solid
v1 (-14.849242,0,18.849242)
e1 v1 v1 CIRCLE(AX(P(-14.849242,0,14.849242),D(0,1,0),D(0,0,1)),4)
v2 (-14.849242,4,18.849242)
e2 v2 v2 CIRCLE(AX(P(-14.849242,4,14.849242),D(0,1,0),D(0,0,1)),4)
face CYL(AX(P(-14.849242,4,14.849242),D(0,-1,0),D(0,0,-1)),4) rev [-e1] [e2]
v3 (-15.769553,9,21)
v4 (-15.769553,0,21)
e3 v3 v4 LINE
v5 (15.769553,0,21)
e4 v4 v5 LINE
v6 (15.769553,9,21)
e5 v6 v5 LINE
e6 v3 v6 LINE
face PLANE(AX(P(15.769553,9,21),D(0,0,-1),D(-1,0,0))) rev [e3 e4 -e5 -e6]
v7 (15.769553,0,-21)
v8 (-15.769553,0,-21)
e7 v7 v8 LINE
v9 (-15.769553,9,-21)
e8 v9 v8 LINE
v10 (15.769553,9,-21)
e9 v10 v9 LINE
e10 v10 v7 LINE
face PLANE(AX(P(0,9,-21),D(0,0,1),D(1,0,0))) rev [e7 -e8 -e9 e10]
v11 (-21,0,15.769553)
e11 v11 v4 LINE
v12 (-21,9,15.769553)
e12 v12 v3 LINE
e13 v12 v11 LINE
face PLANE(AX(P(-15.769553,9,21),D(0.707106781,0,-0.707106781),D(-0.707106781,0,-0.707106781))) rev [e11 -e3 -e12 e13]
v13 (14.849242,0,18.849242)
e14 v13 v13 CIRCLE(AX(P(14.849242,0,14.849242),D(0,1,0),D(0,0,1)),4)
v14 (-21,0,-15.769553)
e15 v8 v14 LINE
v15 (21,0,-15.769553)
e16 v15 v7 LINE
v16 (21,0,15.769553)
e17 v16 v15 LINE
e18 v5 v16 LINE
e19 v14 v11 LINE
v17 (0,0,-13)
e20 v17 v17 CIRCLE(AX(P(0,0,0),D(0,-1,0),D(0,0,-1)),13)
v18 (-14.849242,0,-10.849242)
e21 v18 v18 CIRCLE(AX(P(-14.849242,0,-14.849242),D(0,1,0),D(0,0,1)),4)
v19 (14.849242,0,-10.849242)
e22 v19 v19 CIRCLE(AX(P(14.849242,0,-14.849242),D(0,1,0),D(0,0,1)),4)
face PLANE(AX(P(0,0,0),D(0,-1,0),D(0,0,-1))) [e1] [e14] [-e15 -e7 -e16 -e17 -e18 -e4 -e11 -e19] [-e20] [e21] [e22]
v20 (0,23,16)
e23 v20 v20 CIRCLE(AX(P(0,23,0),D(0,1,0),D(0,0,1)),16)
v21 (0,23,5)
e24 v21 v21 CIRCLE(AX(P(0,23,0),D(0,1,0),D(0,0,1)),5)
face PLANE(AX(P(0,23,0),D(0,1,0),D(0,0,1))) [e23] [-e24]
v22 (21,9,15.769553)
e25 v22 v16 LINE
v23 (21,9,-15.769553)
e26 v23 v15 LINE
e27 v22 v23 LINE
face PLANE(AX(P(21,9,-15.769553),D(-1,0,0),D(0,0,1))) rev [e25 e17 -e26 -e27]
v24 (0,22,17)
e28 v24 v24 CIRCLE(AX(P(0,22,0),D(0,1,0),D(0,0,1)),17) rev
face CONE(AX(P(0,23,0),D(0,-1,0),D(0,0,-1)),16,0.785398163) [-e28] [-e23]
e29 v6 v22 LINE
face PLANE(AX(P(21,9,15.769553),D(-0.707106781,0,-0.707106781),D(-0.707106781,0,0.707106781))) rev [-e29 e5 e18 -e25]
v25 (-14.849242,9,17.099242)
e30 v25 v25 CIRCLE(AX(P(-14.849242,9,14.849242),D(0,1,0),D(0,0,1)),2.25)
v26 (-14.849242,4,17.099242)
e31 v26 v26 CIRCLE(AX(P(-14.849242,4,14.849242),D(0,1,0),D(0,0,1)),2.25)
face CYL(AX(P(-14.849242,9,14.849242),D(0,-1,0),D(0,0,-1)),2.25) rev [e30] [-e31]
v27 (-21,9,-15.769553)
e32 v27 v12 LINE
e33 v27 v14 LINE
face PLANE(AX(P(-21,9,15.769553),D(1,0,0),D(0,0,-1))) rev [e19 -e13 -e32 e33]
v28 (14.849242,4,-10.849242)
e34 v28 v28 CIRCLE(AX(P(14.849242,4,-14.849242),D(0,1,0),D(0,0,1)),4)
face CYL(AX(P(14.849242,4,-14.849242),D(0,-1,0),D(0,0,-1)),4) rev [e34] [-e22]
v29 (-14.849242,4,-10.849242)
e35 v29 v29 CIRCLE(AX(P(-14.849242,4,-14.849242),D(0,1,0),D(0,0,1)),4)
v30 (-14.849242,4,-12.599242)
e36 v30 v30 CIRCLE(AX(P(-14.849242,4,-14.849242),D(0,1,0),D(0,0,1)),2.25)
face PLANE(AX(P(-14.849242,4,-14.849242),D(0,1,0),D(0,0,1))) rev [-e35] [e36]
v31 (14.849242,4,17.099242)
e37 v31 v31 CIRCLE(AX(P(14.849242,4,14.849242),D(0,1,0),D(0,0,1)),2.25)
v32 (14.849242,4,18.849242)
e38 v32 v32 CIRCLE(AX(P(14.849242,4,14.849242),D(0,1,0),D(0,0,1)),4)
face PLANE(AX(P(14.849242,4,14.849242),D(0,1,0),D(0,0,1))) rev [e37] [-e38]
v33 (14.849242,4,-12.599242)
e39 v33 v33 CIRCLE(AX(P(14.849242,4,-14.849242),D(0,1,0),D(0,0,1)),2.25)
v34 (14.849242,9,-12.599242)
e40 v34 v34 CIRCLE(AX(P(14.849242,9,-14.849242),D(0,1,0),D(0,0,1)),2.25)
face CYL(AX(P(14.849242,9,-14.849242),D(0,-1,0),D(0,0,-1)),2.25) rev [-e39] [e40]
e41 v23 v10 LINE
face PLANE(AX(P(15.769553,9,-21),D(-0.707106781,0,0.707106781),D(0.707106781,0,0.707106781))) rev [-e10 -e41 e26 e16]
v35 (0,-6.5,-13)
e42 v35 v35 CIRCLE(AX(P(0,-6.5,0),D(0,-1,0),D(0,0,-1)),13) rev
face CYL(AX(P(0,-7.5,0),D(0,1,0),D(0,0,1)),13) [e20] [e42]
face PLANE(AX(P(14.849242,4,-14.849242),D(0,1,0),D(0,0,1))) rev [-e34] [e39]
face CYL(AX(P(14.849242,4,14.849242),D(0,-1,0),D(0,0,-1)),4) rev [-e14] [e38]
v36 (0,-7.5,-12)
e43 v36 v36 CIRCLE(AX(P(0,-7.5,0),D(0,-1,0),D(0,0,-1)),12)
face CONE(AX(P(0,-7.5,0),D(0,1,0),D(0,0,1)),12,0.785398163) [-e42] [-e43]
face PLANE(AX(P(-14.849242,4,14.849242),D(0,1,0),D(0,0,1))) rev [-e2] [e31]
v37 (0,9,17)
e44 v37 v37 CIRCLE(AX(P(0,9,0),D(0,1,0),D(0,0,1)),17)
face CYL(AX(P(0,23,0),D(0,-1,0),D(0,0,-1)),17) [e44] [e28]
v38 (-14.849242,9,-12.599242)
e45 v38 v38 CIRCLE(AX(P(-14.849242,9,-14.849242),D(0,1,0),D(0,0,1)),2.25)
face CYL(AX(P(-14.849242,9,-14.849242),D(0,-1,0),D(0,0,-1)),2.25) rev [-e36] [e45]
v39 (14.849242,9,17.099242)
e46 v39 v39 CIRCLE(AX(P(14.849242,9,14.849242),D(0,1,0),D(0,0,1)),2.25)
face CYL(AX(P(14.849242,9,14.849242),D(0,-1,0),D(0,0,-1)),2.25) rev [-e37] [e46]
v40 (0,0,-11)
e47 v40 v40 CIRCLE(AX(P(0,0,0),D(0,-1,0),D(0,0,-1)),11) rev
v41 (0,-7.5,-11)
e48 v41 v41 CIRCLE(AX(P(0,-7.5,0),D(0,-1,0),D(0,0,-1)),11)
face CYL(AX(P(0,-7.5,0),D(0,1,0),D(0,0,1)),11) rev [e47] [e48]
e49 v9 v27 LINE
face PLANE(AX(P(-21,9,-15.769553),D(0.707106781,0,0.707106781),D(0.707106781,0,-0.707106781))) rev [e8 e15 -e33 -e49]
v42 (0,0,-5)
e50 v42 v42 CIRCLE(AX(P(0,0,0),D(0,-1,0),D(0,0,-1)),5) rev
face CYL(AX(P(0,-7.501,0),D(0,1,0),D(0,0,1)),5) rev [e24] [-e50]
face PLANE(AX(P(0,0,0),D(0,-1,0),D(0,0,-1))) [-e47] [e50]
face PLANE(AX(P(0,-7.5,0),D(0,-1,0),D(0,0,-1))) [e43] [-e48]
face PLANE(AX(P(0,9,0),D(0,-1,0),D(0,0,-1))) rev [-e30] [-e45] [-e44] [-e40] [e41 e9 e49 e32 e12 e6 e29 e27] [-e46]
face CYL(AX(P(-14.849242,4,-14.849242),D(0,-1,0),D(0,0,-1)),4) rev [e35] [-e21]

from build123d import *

# Parameters (mm, degrees)
SKETCH_1_R          = 2.25
EXTRUDE_1_DEPTH     = 9
SKETCH_2_R          = 4
CUT_EXTRUDE_1_DEPTH = 4
SKETCH_3_R          = 17
EXTRUDE_2_DEPTH     = 14
SKETCH_4_R          = 13
SKETCH_4_R_2        = 11
EXTRUDE_3_DEPTH     = 7.5
CUT_EXTRUDE_2_REACH = 44.571
SKETCH_5_R          = 5
CHAMFER_1_SIZE      = 1


with BuildPart() as part:
    # 草图1 → 凸台-拉伸1 (new body)
    with BuildSketch(Plane(origin=(0, 0, 0), x_dir=(1, 0, 0), z_dir=(0, 1, 0))):
        Polygon((0, 21), (15.769552622, 21), (21, 15.769552622), (21, 0), (21, -15.769552622), (15.769552622, -21), (0, -21), (-15.769552622, -21), (-21, -15.769552622), (-21, 0), (-21, 15.769552622), (-15.769552622, 21), align=None)
        with Locations(Location((14.849242405, 14.849242405, 0), (0, 0, 270))):
            Circle(SKETCH_1_R, mode=Mode.SUBTRACT)
        with Locations(Location((14.849242405, -14.849242405, 0), (0, 0, 270))):
            Circle(SKETCH_1_R, mode=Mode.SUBTRACT)
        with Locations(Location((-14.849242405, -14.849242405, 0), (0, 0, 270))):
            Circle(SKETCH_1_R, mode=Mode.SUBTRACT)
        with Locations(Location((-14.849242405, 14.849242405, 0), (0, 0, 270))):
            Circle(SKETCH_1_R, mode=Mode.SUBTRACT)
    extrude(amount=EXTRUDE_1_DEPTH)

    # 草图2 → 切除-拉伸1 (cut)
    with BuildSketch(Plane(origin=(0, 0, 0), x_dir=(1, 0, 0), z_dir=(0, 1, 0))):
        with Locations(Location((-14.849242405, 14.849242405, 0), (0, 0, 270))):
            Circle(SKETCH_2_R)
        with Locations(Location((14.849242405, 14.849242405, 0), (0, 0, 270))):
            Circle(SKETCH_2_R)
        with Locations(Location((14.849242405, -14.849242405, 0), (0, 0, 270))):
            Circle(SKETCH_2_R)
        with Locations(Location((-14.849242405, -14.849242405, 0), (0, 0, 270))):
            Circle(SKETCH_2_R)
    extrude(amount=CUT_EXTRUDE_1_DEPTH, mode=Mode.SUBTRACT)

    # 草图3 → 凸台-拉伸2 (add)
    with BuildSketch(Plane(origin=(0, 9, 0), x_dir=(1, 0, 0), z_dir=(0, 1, 0))):
        with Locations(Location((0, 0, 0), (0, 0, 270))):
            Circle(SKETCH_3_R)
    extrude(amount=EXTRUDE_2_DEPTH)

    # 草图4 → 凸台-拉伸3 (add)
    with BuildSketch(Plane.XZ):
        with Locations(Location((0, 0, 0), (0, 0, 270))):
            Circle(SKETCH_4_R)
        with Locations(Location((0, 0, 0), (0, 0, 270))):
            Circle(SKETCH_4_R_2, mode=Mode.SUBTRACT)
    extrude(amount=EXTRUDE_3_DEPTH)

    # 草图5 → 切除-拉伸2 (cut, up to next)
    with BuildSketch(Plane(origin=(0, 23, 0), x_dir=(1, 0, 0), z_dir=(0, 1, 0)), mode=Mode.PRIVATE) as cut_extrude_2_sk1:
        with Locations(Location((0, 0, 0), (0, 0, 270))):
            Circle(SKETCH_5_R)
    cut_extrude_2_tool1 = extrude(cut_extrude_2_sk1.sketch, amount=-CUT_EXTRUDE_2_REACH, mode=Mode.PRIVATE) & part.part
    add(cut_extrude_2_tool1.solids().sort_by_distance((0, 23, 0))[0], mode=Mode.SUBTRACT)

    # 倒角1
    chamfer_1_edges = [part.edges().sort_by_distance(p)[0] for p in [
        (0, 23, -17),
        (0, -7.5, 13),
    ]]
    chamfer(chamfer_1_edges, length=CHAMFER_1_SIZE)


solid = part.part
